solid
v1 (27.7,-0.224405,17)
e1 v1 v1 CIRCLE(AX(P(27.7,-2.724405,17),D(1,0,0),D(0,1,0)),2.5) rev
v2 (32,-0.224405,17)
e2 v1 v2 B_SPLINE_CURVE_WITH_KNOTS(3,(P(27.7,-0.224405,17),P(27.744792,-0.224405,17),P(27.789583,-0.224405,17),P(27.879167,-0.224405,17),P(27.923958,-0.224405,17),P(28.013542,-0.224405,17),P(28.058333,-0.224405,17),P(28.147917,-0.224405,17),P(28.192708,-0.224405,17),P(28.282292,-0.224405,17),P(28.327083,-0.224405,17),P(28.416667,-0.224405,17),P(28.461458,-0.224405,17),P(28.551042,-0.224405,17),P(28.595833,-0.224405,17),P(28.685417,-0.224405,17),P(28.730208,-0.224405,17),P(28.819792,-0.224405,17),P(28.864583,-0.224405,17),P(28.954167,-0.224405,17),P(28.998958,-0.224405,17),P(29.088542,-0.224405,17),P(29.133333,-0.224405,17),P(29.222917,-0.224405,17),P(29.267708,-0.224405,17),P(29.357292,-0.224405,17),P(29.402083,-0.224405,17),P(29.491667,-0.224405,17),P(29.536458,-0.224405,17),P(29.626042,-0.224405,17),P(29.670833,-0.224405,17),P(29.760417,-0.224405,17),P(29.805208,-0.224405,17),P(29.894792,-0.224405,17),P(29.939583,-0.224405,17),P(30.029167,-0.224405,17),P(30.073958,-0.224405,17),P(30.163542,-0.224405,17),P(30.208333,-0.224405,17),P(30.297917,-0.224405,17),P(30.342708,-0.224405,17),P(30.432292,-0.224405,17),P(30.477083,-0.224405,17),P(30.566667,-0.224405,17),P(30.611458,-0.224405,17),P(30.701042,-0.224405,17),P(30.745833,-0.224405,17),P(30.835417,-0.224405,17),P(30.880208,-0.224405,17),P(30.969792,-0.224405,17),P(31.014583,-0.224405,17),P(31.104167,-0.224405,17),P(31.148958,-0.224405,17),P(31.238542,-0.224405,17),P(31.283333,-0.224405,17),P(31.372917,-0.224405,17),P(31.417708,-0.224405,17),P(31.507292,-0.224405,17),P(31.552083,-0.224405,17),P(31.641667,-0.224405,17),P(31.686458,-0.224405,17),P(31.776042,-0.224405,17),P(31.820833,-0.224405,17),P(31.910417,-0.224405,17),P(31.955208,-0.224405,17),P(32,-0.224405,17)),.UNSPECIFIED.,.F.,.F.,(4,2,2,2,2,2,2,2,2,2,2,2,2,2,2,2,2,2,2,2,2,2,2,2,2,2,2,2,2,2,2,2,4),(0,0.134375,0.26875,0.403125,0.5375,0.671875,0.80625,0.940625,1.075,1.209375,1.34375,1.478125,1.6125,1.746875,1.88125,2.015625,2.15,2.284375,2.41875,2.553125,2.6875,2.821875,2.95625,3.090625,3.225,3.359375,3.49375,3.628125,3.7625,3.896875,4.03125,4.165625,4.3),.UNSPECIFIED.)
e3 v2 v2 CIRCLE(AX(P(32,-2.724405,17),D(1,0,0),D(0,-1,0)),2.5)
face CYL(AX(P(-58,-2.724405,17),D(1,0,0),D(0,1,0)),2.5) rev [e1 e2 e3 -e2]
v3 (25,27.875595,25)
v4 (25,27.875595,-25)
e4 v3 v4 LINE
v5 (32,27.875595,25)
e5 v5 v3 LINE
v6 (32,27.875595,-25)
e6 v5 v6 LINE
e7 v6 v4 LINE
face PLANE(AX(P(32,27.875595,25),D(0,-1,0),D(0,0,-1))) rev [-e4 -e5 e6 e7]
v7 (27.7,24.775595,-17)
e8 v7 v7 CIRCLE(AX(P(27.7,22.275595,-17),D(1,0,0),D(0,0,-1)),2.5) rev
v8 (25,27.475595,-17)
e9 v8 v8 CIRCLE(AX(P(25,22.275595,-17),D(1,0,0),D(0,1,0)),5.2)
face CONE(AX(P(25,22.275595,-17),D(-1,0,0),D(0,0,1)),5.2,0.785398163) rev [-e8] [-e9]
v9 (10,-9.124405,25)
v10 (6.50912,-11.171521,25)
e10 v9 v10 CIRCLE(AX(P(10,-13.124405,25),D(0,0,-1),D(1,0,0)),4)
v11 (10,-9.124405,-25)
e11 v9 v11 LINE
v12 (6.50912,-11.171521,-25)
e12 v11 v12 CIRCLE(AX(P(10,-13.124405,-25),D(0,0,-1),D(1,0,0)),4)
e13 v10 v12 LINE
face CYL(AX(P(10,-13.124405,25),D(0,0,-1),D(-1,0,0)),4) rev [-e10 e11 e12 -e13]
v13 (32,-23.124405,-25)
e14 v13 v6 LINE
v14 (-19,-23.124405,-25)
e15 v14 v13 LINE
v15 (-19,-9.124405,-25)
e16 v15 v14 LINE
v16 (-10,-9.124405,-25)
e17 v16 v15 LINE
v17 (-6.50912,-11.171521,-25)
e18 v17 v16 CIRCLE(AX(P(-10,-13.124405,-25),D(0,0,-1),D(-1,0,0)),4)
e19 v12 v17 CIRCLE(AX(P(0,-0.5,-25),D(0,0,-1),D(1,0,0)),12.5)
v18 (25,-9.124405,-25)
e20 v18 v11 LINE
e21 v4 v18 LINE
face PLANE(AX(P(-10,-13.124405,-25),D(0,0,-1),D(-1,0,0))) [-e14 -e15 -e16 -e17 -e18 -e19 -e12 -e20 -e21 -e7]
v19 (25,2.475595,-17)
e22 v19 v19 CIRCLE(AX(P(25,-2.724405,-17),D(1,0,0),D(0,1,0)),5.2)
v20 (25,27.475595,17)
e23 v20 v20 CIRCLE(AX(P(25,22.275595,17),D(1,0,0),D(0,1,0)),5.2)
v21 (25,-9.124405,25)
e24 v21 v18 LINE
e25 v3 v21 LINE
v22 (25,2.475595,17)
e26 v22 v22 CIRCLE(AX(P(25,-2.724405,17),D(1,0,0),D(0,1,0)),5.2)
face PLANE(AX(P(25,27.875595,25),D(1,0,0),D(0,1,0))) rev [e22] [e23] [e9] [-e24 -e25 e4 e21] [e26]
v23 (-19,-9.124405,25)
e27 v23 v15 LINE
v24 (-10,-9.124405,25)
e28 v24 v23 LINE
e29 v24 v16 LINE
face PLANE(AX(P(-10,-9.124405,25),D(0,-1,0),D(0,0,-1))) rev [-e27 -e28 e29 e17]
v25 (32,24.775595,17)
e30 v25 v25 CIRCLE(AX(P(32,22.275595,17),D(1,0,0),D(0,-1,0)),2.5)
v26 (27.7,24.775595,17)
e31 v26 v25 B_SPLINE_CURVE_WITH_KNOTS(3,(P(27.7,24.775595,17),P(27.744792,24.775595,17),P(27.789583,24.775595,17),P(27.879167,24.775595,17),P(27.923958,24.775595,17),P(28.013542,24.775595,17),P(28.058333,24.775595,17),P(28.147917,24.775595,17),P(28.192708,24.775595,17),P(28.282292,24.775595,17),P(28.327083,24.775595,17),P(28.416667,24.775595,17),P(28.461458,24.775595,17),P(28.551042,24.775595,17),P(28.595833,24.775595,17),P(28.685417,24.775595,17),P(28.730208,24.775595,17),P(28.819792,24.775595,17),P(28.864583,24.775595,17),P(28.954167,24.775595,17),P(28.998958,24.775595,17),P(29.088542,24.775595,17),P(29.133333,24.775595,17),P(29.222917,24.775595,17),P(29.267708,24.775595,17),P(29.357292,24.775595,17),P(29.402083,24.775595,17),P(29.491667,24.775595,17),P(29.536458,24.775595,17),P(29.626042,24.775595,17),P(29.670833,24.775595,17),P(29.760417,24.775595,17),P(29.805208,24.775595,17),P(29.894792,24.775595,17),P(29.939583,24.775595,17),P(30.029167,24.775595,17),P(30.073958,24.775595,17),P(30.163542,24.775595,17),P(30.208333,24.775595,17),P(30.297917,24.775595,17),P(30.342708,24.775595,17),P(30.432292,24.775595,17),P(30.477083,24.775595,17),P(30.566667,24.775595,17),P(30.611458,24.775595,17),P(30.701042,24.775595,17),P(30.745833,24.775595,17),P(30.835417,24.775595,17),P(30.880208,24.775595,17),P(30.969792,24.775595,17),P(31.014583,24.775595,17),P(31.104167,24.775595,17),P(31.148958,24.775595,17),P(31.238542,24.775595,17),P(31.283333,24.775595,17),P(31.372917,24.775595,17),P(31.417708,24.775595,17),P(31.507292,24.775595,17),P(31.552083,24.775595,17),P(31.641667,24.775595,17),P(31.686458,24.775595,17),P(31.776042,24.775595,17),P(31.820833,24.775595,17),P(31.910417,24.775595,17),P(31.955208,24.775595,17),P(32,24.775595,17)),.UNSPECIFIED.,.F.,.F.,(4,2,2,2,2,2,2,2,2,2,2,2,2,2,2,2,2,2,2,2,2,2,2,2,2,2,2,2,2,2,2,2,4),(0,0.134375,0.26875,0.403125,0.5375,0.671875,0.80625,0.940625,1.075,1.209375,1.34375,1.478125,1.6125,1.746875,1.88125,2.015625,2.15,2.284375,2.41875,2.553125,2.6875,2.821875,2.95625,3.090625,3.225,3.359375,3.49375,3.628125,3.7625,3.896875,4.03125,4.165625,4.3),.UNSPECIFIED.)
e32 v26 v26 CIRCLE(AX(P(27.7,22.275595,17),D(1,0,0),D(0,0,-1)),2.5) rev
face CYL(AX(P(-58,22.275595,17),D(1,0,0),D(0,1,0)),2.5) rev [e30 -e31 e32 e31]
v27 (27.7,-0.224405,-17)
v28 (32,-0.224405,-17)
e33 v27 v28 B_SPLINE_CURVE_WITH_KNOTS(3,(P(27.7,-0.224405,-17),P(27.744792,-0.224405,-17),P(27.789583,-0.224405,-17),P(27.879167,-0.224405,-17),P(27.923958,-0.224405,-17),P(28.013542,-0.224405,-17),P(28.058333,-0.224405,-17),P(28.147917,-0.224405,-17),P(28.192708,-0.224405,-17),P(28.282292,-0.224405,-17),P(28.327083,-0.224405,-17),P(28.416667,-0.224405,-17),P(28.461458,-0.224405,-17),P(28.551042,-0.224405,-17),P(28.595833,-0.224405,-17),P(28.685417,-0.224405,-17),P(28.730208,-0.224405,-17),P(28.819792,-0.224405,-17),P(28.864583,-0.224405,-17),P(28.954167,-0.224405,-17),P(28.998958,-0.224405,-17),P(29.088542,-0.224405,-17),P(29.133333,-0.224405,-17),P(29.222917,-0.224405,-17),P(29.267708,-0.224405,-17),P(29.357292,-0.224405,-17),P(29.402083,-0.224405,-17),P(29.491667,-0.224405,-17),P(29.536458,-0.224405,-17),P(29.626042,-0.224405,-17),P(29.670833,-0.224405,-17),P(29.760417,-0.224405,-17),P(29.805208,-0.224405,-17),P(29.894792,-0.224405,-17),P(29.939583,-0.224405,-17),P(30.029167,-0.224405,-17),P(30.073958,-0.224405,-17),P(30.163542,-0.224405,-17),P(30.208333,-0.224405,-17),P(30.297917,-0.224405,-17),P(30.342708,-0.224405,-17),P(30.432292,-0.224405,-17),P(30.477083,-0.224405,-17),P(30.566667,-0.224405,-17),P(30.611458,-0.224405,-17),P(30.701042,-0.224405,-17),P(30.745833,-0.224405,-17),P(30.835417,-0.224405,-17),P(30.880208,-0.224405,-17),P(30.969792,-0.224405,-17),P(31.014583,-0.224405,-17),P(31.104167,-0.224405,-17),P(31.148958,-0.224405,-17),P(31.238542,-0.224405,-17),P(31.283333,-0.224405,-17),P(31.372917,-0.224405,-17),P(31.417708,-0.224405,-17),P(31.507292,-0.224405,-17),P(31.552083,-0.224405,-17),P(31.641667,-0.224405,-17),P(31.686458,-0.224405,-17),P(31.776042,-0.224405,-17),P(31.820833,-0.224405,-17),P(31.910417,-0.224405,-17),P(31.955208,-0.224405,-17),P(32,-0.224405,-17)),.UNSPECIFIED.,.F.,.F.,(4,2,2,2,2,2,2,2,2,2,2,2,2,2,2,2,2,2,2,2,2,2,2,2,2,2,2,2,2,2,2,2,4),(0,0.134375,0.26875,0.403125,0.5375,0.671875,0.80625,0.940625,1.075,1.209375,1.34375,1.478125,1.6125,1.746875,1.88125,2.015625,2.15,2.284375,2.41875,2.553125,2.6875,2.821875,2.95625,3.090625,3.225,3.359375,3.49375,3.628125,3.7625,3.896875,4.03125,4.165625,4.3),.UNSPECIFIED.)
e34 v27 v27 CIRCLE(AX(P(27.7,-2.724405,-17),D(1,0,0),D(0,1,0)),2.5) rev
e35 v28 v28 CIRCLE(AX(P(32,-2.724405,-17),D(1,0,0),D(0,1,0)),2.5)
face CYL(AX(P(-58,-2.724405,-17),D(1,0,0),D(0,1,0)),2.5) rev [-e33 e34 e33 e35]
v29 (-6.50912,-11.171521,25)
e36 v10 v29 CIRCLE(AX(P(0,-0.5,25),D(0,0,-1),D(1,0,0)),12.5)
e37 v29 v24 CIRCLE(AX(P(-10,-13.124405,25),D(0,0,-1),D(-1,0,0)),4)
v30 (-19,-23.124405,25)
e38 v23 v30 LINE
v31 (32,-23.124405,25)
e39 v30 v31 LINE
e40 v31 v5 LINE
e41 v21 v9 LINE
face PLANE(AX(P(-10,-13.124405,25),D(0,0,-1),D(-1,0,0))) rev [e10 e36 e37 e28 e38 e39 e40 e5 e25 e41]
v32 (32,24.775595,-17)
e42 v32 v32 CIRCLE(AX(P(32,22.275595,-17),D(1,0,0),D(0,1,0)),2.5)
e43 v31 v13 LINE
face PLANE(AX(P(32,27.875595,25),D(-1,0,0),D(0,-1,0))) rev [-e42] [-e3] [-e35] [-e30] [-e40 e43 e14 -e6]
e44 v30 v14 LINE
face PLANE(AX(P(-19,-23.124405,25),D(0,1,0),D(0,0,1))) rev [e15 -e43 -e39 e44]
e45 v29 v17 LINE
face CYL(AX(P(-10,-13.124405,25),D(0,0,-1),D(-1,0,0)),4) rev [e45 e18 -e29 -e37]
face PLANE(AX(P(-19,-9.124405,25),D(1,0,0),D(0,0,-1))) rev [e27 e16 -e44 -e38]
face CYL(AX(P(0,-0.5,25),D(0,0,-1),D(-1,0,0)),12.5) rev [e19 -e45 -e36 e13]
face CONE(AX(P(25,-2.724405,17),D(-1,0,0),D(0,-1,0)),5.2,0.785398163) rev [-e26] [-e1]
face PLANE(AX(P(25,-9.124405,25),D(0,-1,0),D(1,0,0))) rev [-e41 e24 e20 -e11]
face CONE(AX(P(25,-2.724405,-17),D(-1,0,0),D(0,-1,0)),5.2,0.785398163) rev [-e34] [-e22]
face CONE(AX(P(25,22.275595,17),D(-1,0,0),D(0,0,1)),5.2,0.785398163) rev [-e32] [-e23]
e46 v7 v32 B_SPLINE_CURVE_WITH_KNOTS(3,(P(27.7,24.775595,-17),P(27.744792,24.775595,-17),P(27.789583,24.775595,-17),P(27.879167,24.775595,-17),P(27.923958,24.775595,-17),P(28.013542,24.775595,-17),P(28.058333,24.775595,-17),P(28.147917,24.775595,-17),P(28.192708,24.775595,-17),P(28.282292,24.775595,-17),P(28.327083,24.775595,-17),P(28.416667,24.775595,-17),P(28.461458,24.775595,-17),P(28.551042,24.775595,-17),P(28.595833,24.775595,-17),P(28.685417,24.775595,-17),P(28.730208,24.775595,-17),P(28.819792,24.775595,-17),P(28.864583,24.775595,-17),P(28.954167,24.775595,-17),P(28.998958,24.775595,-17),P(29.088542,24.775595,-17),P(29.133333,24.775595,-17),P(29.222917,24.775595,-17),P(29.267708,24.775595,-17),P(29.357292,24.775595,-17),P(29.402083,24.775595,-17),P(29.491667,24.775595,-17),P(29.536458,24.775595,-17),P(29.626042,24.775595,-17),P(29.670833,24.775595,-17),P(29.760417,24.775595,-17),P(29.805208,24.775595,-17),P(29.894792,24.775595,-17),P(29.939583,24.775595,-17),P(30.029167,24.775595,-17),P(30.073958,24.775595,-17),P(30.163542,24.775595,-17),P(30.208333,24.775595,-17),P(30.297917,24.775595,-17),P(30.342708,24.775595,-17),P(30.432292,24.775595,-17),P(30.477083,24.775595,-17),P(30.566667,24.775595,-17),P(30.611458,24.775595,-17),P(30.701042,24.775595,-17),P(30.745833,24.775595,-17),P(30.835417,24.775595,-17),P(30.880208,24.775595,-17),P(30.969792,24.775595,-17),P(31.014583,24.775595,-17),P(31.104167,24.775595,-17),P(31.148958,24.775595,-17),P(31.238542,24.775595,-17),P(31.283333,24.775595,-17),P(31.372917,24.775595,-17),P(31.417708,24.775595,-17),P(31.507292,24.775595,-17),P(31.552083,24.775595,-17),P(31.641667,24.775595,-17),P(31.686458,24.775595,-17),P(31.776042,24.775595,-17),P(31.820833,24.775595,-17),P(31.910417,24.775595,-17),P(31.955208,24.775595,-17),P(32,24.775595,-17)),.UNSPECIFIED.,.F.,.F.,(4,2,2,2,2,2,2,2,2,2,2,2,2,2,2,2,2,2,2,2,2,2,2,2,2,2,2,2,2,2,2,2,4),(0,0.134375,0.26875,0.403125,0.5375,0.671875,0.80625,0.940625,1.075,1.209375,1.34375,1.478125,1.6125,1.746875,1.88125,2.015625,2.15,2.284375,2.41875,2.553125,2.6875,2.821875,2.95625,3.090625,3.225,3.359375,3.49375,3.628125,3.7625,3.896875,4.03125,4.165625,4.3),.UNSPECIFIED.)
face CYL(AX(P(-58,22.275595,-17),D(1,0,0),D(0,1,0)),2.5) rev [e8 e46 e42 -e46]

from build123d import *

# Parameters (mm, degrees)
BOSS_EXTRUDE1_DEPTH = 25
SKETCH5_R           = 2.5
CUT_EXTRUDE4_DEPTH  = 90
CHAMFER1_SIZE       = 2.7


with BuildPart() as part:
    # Sketch1 → Boss-Extrude1 (new, symmetric)
    with BuildSketch(Plane.XY):
        with BuildLine():
            Line((-10, -9.124404748), (-19, -9.124404748))
            Line((-19, -9.124404748), (-19, -23.124404748))
            Line((-19, -23.124404748), (32, -23.124404748))
            Line((32, -23.124404748), (32, 27.875595252))
            Line((32, 27.875595252), (25, 27.875595252))
            Line((25, 27.875595252), (25, -9.124404748))
            Line((25, -9.124404748), (10, -9.124404748))
            ThreePointArc((10, -9.124404748), (12.023420987, -16.574878268), (6.509119733, -11.171520993))
            ThreePointArc((6.509119733, -11.171520993), (0, -13), (-6.509119733, -11.171520993))
            ThreePointArc((-6.509119733, -11.171520993), (-12.023420987, -16.574878268), (-10, -9.124404748))
        make_face()
    extrude(amount=BOSS_EXTRUDE1_DEPTH, both=True)

    # Sketch5 → Cut-Extrude4 (cut)
    with BuildSketch(Plane(origin=(32, 0, 0), x_dir=(0, 0, -1), z_dir=(1, 0, 0))):
        with Locations(Location((17, -2.724404748, 0), (0, 0, 90))):
            Circle(SKETCH5_R)
        with Locations(Location((17, 22.275595252, 0), (0, 0, 90))):
            Circle(SKETCH5_R)
        with Locations(Location((-17, -2.724404748, 0), (0, 0, 90))):
            Circle(SKETCH5_R)
        with Locations(Location((-17, 22.275595252, 0), (0, 0, 90))):
            Circle(SKETCH5_R)
    extrude(amount=-CUT_EXTRUDE4_DEPTH, mode=Mode.SUBTRACT)

    # Chamfer1
    chamfer1_edges = [part.edges().sort_by_distance(p)[0] for p in [
        (25, 19.775595252, -17),
        (25, -5.224404748, 17),
        (25, 19.775595252, 17),
        (25, -5.224404748, -17),
    ]]
    chamfer(chamfer1_edges, length=CHAMFER1_SIZE)


solid = part.part
